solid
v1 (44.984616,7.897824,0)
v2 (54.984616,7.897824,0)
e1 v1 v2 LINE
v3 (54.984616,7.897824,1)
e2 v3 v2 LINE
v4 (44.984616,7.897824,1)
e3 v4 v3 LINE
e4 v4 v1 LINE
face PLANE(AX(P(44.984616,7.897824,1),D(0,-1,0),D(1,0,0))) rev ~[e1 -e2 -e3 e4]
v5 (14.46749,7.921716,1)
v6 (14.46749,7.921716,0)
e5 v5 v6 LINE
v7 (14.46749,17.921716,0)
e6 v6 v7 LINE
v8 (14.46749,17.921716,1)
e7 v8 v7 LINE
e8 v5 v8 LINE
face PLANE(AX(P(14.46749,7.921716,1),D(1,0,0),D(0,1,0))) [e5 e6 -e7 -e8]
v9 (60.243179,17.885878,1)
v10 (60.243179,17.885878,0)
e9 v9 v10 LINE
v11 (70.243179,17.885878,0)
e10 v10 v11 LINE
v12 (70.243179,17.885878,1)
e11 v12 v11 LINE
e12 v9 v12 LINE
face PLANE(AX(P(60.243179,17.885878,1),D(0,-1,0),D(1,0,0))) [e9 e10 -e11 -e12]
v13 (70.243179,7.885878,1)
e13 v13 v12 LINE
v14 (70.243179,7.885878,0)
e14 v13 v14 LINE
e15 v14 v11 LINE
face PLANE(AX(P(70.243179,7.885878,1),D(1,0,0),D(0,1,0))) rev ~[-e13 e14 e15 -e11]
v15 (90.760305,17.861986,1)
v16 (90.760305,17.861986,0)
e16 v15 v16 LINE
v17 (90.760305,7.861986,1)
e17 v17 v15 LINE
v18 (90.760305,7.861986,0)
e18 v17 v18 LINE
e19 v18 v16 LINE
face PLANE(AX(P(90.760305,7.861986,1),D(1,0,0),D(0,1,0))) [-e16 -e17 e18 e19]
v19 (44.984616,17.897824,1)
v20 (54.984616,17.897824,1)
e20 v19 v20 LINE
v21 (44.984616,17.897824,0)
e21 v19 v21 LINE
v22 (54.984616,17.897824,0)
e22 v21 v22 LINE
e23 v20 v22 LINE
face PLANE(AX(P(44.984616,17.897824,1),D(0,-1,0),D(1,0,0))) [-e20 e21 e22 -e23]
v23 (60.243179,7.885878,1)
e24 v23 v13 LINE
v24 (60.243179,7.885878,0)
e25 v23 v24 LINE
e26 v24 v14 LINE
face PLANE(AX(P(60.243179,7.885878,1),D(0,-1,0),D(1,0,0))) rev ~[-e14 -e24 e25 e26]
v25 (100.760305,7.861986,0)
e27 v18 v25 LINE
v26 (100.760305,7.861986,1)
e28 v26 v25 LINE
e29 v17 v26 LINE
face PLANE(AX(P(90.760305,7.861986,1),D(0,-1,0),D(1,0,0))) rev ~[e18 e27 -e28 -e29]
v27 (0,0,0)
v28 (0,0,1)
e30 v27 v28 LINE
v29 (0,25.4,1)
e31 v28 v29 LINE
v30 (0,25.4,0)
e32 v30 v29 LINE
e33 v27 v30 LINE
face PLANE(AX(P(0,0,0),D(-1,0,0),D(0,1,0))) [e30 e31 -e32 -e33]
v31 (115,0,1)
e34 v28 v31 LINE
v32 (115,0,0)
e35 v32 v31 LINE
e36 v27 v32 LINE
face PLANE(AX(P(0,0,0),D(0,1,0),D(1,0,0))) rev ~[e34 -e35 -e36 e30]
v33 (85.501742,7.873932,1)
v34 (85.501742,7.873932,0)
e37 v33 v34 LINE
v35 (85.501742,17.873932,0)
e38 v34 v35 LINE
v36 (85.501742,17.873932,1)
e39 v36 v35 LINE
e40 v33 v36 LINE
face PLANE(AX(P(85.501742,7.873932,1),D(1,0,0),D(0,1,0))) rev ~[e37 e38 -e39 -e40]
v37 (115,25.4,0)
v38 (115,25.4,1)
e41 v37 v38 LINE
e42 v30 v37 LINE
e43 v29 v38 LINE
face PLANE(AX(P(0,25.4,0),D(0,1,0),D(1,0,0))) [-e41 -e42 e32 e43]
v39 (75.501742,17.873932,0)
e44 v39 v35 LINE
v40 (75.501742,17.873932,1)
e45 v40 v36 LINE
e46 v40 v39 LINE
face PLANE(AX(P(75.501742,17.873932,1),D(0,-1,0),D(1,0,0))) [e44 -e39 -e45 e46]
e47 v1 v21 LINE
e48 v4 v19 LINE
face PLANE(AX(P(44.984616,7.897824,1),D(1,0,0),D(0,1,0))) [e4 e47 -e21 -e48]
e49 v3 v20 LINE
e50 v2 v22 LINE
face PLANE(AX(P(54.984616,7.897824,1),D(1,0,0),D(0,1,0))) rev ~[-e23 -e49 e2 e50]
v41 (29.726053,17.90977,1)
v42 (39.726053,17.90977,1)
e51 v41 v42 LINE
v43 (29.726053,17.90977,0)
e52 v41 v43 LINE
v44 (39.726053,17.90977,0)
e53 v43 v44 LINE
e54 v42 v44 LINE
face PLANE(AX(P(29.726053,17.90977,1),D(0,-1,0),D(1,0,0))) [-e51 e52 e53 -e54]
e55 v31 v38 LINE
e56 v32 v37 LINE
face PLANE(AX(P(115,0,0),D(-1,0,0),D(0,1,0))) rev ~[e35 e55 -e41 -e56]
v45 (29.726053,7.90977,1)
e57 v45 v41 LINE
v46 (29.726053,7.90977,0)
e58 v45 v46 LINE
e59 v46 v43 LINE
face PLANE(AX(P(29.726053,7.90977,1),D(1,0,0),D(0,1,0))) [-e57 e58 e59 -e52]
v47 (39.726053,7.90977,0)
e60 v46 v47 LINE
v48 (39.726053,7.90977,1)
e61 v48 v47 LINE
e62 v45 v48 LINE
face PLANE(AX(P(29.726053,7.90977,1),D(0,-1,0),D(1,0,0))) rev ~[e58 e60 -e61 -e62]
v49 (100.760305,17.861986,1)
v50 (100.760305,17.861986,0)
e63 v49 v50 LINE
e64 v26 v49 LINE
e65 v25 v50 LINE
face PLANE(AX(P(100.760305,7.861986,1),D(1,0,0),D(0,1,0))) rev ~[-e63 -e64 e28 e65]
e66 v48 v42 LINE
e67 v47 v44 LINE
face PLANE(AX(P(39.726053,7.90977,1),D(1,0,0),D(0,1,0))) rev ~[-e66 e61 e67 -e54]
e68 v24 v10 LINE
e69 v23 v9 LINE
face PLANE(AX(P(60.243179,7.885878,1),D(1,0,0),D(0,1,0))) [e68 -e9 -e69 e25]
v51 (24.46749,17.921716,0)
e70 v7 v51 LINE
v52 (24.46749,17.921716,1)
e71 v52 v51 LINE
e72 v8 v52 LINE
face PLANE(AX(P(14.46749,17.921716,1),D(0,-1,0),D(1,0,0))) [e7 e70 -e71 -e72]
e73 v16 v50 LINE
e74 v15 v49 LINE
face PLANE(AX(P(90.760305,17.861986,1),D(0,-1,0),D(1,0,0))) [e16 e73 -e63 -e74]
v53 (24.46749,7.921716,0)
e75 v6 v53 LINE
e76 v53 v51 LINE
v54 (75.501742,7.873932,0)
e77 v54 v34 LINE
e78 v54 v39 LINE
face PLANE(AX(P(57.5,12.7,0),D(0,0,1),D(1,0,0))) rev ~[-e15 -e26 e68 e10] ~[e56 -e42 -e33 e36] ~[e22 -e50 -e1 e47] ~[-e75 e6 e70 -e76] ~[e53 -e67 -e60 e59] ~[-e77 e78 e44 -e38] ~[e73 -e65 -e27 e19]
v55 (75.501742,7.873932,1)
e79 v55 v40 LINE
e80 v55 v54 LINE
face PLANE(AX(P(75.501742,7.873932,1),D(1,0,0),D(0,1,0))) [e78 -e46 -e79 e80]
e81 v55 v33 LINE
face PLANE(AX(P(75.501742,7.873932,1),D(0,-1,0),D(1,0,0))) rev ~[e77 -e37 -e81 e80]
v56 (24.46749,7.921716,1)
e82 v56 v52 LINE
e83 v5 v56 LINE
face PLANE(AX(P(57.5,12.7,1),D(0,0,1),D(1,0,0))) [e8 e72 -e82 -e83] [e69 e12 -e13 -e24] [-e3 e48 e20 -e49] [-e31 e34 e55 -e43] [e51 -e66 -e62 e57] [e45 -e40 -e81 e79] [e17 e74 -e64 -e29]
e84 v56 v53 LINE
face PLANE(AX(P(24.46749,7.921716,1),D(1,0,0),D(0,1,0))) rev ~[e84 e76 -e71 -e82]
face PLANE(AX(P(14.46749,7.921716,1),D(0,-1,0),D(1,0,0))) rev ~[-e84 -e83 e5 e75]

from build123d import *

# Parameters (mm, degrees)
BOX_W        = 115
BOX_H        = 25.4
BOX_DEPTH    = 1
SKETCH_W     = 10
SKETCH_H     = 10
POCKET_DEPTH = 1.001


with BuildPart() as part:
    # Box → Box (new body)
    with BuildSketch(Plane.XY):
        with Locations((57.5, 12.7)):
            Rectangle(BOX_W, BOX_H)
    extrude(amount=BOX_DEPTH)

    # Sketch (on Face6 of BaseFeature) → Pocket (cut, through all)
    with BuildSketch(Plane.XY.offset(1)):
        with Locations((19.46749, 12.921716)):
            Rectangle(SKETCH_W, SKETCH_H)
        with Locations((34.726053, 12.90977)):
            Rectangle(SKETCH_W, SKETCH_H)
        with Locations((49.984616, 12.897824)):
            Rectangle(SKETCH_W, SKETCH_H)
        with Locations((65.243179, 12.885878)):
            Rectangle(SKETCH_W, SKETCH_H)
        with Locations((80.501742, 12.873932)):
            Rectangle(SKETCH_W, SKETCH_H)
        with Locations((95.760305, 12.861986)):
            Rectangle(SKETCH_W, SKETCH_H)
    extrude(amount=-POCKET_DEPTH, mode=Mode.SUBTRACT)


solid = part.part
